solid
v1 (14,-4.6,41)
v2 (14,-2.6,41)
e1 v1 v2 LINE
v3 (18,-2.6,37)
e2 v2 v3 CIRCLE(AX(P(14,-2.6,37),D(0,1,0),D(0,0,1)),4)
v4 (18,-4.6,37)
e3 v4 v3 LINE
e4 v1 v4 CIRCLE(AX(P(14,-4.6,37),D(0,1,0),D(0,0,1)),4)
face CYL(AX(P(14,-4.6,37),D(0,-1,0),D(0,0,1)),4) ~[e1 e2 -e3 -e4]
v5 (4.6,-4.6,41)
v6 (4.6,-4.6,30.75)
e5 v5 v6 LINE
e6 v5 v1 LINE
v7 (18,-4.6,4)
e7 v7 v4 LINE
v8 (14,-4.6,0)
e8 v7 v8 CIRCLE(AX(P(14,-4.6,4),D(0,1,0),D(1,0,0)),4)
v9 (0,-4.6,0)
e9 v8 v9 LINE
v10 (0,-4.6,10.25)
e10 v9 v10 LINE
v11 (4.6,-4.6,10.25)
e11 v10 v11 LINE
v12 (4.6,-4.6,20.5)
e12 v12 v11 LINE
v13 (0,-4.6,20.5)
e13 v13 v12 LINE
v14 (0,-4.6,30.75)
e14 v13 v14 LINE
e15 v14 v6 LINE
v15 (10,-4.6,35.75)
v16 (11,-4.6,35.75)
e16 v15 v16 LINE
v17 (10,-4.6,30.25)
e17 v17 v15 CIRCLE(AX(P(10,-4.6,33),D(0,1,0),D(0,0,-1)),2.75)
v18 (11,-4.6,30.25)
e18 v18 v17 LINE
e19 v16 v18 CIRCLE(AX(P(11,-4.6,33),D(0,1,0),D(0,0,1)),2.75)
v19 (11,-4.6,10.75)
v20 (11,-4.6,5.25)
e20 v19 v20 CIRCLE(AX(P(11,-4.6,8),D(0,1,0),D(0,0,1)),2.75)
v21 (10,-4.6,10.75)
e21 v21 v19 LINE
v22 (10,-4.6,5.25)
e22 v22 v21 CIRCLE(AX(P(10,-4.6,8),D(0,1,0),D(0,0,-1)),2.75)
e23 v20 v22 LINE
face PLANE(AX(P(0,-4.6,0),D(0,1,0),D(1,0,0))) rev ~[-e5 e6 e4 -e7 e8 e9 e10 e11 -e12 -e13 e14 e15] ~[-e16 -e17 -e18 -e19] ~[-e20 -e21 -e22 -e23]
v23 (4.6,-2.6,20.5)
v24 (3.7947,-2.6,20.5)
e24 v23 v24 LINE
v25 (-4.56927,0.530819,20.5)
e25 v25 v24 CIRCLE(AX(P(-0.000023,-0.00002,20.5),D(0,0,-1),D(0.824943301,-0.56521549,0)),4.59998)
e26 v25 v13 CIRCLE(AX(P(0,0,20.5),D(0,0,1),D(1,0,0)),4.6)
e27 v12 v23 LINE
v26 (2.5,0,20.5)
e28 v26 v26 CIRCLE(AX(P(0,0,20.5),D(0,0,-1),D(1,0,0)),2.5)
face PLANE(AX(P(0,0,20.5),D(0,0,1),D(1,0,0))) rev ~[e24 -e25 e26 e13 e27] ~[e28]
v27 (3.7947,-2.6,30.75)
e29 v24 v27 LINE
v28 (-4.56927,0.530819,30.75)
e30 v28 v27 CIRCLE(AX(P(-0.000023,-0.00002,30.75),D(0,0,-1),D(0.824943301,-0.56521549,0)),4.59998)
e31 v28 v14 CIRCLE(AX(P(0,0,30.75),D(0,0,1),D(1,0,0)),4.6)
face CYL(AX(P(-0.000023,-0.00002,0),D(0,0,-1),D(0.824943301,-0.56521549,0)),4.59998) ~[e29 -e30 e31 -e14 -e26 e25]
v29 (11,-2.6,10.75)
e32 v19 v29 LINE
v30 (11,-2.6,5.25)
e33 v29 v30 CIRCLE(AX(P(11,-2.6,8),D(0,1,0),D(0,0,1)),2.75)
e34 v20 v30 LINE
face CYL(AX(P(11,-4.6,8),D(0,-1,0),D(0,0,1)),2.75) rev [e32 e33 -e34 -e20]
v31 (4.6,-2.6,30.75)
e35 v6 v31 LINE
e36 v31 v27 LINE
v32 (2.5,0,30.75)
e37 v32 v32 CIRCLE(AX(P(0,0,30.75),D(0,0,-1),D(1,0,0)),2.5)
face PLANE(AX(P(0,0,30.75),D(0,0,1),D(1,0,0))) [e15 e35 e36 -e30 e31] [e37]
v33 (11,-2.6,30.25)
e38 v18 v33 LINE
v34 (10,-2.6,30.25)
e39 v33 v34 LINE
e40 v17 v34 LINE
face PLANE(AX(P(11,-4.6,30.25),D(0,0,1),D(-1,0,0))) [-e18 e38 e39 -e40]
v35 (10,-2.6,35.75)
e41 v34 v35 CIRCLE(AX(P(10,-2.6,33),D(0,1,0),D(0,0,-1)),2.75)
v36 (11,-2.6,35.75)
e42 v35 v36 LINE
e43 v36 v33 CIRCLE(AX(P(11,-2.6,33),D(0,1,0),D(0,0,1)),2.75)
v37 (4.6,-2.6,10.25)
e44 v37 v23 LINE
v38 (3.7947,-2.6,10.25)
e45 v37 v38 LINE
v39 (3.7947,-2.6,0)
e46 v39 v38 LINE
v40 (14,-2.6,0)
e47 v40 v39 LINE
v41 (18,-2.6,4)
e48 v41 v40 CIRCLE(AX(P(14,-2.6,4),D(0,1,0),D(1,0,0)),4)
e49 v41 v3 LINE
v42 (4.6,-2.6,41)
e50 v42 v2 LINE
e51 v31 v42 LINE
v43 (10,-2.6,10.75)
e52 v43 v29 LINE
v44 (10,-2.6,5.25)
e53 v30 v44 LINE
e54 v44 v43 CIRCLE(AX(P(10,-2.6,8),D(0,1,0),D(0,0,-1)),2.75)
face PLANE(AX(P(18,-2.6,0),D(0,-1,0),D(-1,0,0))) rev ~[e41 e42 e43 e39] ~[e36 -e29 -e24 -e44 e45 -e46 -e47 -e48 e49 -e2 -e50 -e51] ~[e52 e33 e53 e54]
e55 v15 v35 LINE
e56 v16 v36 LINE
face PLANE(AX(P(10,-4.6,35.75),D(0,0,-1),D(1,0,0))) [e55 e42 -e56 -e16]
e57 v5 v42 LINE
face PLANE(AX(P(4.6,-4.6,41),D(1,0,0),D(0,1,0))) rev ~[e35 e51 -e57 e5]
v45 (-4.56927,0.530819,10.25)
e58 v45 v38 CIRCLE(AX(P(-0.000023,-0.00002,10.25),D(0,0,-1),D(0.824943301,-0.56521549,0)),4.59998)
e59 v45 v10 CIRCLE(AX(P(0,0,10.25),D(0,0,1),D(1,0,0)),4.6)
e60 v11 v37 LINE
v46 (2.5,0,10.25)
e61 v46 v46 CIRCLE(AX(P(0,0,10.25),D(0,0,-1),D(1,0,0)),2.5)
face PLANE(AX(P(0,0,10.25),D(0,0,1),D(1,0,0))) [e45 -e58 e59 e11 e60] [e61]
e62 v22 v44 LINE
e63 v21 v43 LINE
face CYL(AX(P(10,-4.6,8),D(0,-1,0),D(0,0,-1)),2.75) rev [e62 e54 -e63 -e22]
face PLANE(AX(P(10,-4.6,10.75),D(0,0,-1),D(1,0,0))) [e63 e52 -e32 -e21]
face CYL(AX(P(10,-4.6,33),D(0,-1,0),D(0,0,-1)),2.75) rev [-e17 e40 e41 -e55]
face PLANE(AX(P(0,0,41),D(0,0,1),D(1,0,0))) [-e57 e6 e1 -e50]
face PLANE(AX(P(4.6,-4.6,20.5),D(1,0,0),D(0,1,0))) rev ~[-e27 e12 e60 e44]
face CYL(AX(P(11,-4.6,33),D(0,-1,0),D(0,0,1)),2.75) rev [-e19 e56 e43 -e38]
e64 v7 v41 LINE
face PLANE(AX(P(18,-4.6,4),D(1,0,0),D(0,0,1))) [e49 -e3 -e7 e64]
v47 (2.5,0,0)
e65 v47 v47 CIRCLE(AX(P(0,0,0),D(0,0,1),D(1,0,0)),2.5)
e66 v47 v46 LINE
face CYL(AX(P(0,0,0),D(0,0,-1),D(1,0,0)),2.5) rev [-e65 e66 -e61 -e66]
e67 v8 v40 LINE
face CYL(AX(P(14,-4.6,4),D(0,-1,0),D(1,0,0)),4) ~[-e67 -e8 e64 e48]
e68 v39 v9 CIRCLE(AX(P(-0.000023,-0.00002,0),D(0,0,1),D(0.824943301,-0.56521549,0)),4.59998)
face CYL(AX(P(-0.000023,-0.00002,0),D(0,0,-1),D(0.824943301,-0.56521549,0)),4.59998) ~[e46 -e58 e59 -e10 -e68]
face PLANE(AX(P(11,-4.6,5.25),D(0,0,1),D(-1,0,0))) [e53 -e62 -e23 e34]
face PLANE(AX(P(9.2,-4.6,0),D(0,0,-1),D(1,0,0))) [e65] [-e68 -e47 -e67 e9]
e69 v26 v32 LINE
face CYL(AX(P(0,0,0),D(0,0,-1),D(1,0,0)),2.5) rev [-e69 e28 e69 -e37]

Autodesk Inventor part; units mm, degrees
sketch "Sketch_1" plane through (0, 0, 0) normal (0, 0, 1) x (1, 0, 0)
  arc A0 (3.7947, -2.6) -> (0, -4.6) centre (0, 0) ccw
  line L0 (0, -4.6) -> (18, -4.6)
  line L1 (18, -4.6) -> (18, -2.6)
  line L2 (18, -2.6) -> (3.7947, -2.6)
  circle A1 centre (0, 0) radius 2.5
extrude "Extrusion1" add sketch "Sketch_1" along normal blind 41
sketch "Sketch_2" plane through (0, -4.6, 0) normal (0, 1, 0) x (1, 0, 0)
  line L0 (9.2, -41) -> (9.2, -43)
  line L1 (9.2, -43) -> (20, -43)
  line L2 (20, -43) -> (20, 2)
  line L3 (20, 2) -> (9.2, 2)
  line L4 (9.2, 2) -> (9.2, 0)
  line L5 (9.2, 0) -> (14, 0)
  arc A0 (18, -4) -> (14, 0) centre (14, -4) ccw
  line L6 (18, -4) -> (18, -37)
  arc A1 (14, -41) -> (18, -37) centre (14, -37) ccw
  line L7 (14, -41) -> (9.2, -41)
extrude "Extrusion2" cut sketch "Sketch_2" along normal blind 2
sketch "Sketch_7" plane through (0, 0, 20.5) normal (0, 0, 1) x (1, 0, 0)
  arc A0 (4.6, 0) -> (0, -4.6) centre (0, 0) ccw
  line L0 (0, -4.6) -> (4.6, -4.6)
  line L1 (4.6, -4.6) -> (4.6, 0)
extrude "Extrusion3" cut sketch "Sketch_7" against normal blind 10.25
sketch "Sketch_5" plane through (0, 0, 41) normal (0, 0, 1) x (1, 0, 0)
  arc A0 (4.6, 0) -> (0, -4.6) centre (0, 0) ccw
  line L0 (0, -4.6) -> (4.6, -4.6)
  line L1 (4.6, -4.6) -> (4.6, 0)
extrude "Extrusion4" cut sketch "Sketch_5" against normal blind 10.25
sketch "Sketch_3" plane through (0, -4.6, 0) normal (0, 1, 0) x (1, 0, 0)
  arc A0 (10, -5.25) -> (10, -10.75) centre (10, -8) ccw
  line L0 (10, -10.75) -> (11, -10.75)
  arc A1 (11, -10.75) -> (11, -5.25) centre (11, -8) ccw
  line L1 (11, -5.25) -> (10, -5.25)
extrude "Extrusion5" cut sketch "Sketch_3" along normal blind 2
sketch "Sketch_4" plane through (0, -4.6, 0) normal (0, 1, 0) x (1, 0, 0)
  arc A0 (10, -30.25) -> (10, -35.75) centre (10, -33) ccw
  line L0 (10, -35.75) -> (11, -35.75)
  arc A1 (11, -35.75) -> (11, -30.25) centre (11, -33) ccw
  line L1 (11, -30.25) -> (10, -30.25)
extrude "Extrusion6" cut sketch "Sketch_4" along normal blind 2
ref_plane "2_to_1_XY" through (0, 0, 20.5) normal (0, 0, 1) x (1, 0, 0)
ref_plane "2_to_1_YZ" through (0, 0, 20.5) normal (1, 0, 0) x (0, 1, 0)
ref_plane "2_to_1_ZX" through (0, 0, 20.5) normal (0, 1, 0) x (0, 0, 1)
properties part number "SHPSNA5_2"
